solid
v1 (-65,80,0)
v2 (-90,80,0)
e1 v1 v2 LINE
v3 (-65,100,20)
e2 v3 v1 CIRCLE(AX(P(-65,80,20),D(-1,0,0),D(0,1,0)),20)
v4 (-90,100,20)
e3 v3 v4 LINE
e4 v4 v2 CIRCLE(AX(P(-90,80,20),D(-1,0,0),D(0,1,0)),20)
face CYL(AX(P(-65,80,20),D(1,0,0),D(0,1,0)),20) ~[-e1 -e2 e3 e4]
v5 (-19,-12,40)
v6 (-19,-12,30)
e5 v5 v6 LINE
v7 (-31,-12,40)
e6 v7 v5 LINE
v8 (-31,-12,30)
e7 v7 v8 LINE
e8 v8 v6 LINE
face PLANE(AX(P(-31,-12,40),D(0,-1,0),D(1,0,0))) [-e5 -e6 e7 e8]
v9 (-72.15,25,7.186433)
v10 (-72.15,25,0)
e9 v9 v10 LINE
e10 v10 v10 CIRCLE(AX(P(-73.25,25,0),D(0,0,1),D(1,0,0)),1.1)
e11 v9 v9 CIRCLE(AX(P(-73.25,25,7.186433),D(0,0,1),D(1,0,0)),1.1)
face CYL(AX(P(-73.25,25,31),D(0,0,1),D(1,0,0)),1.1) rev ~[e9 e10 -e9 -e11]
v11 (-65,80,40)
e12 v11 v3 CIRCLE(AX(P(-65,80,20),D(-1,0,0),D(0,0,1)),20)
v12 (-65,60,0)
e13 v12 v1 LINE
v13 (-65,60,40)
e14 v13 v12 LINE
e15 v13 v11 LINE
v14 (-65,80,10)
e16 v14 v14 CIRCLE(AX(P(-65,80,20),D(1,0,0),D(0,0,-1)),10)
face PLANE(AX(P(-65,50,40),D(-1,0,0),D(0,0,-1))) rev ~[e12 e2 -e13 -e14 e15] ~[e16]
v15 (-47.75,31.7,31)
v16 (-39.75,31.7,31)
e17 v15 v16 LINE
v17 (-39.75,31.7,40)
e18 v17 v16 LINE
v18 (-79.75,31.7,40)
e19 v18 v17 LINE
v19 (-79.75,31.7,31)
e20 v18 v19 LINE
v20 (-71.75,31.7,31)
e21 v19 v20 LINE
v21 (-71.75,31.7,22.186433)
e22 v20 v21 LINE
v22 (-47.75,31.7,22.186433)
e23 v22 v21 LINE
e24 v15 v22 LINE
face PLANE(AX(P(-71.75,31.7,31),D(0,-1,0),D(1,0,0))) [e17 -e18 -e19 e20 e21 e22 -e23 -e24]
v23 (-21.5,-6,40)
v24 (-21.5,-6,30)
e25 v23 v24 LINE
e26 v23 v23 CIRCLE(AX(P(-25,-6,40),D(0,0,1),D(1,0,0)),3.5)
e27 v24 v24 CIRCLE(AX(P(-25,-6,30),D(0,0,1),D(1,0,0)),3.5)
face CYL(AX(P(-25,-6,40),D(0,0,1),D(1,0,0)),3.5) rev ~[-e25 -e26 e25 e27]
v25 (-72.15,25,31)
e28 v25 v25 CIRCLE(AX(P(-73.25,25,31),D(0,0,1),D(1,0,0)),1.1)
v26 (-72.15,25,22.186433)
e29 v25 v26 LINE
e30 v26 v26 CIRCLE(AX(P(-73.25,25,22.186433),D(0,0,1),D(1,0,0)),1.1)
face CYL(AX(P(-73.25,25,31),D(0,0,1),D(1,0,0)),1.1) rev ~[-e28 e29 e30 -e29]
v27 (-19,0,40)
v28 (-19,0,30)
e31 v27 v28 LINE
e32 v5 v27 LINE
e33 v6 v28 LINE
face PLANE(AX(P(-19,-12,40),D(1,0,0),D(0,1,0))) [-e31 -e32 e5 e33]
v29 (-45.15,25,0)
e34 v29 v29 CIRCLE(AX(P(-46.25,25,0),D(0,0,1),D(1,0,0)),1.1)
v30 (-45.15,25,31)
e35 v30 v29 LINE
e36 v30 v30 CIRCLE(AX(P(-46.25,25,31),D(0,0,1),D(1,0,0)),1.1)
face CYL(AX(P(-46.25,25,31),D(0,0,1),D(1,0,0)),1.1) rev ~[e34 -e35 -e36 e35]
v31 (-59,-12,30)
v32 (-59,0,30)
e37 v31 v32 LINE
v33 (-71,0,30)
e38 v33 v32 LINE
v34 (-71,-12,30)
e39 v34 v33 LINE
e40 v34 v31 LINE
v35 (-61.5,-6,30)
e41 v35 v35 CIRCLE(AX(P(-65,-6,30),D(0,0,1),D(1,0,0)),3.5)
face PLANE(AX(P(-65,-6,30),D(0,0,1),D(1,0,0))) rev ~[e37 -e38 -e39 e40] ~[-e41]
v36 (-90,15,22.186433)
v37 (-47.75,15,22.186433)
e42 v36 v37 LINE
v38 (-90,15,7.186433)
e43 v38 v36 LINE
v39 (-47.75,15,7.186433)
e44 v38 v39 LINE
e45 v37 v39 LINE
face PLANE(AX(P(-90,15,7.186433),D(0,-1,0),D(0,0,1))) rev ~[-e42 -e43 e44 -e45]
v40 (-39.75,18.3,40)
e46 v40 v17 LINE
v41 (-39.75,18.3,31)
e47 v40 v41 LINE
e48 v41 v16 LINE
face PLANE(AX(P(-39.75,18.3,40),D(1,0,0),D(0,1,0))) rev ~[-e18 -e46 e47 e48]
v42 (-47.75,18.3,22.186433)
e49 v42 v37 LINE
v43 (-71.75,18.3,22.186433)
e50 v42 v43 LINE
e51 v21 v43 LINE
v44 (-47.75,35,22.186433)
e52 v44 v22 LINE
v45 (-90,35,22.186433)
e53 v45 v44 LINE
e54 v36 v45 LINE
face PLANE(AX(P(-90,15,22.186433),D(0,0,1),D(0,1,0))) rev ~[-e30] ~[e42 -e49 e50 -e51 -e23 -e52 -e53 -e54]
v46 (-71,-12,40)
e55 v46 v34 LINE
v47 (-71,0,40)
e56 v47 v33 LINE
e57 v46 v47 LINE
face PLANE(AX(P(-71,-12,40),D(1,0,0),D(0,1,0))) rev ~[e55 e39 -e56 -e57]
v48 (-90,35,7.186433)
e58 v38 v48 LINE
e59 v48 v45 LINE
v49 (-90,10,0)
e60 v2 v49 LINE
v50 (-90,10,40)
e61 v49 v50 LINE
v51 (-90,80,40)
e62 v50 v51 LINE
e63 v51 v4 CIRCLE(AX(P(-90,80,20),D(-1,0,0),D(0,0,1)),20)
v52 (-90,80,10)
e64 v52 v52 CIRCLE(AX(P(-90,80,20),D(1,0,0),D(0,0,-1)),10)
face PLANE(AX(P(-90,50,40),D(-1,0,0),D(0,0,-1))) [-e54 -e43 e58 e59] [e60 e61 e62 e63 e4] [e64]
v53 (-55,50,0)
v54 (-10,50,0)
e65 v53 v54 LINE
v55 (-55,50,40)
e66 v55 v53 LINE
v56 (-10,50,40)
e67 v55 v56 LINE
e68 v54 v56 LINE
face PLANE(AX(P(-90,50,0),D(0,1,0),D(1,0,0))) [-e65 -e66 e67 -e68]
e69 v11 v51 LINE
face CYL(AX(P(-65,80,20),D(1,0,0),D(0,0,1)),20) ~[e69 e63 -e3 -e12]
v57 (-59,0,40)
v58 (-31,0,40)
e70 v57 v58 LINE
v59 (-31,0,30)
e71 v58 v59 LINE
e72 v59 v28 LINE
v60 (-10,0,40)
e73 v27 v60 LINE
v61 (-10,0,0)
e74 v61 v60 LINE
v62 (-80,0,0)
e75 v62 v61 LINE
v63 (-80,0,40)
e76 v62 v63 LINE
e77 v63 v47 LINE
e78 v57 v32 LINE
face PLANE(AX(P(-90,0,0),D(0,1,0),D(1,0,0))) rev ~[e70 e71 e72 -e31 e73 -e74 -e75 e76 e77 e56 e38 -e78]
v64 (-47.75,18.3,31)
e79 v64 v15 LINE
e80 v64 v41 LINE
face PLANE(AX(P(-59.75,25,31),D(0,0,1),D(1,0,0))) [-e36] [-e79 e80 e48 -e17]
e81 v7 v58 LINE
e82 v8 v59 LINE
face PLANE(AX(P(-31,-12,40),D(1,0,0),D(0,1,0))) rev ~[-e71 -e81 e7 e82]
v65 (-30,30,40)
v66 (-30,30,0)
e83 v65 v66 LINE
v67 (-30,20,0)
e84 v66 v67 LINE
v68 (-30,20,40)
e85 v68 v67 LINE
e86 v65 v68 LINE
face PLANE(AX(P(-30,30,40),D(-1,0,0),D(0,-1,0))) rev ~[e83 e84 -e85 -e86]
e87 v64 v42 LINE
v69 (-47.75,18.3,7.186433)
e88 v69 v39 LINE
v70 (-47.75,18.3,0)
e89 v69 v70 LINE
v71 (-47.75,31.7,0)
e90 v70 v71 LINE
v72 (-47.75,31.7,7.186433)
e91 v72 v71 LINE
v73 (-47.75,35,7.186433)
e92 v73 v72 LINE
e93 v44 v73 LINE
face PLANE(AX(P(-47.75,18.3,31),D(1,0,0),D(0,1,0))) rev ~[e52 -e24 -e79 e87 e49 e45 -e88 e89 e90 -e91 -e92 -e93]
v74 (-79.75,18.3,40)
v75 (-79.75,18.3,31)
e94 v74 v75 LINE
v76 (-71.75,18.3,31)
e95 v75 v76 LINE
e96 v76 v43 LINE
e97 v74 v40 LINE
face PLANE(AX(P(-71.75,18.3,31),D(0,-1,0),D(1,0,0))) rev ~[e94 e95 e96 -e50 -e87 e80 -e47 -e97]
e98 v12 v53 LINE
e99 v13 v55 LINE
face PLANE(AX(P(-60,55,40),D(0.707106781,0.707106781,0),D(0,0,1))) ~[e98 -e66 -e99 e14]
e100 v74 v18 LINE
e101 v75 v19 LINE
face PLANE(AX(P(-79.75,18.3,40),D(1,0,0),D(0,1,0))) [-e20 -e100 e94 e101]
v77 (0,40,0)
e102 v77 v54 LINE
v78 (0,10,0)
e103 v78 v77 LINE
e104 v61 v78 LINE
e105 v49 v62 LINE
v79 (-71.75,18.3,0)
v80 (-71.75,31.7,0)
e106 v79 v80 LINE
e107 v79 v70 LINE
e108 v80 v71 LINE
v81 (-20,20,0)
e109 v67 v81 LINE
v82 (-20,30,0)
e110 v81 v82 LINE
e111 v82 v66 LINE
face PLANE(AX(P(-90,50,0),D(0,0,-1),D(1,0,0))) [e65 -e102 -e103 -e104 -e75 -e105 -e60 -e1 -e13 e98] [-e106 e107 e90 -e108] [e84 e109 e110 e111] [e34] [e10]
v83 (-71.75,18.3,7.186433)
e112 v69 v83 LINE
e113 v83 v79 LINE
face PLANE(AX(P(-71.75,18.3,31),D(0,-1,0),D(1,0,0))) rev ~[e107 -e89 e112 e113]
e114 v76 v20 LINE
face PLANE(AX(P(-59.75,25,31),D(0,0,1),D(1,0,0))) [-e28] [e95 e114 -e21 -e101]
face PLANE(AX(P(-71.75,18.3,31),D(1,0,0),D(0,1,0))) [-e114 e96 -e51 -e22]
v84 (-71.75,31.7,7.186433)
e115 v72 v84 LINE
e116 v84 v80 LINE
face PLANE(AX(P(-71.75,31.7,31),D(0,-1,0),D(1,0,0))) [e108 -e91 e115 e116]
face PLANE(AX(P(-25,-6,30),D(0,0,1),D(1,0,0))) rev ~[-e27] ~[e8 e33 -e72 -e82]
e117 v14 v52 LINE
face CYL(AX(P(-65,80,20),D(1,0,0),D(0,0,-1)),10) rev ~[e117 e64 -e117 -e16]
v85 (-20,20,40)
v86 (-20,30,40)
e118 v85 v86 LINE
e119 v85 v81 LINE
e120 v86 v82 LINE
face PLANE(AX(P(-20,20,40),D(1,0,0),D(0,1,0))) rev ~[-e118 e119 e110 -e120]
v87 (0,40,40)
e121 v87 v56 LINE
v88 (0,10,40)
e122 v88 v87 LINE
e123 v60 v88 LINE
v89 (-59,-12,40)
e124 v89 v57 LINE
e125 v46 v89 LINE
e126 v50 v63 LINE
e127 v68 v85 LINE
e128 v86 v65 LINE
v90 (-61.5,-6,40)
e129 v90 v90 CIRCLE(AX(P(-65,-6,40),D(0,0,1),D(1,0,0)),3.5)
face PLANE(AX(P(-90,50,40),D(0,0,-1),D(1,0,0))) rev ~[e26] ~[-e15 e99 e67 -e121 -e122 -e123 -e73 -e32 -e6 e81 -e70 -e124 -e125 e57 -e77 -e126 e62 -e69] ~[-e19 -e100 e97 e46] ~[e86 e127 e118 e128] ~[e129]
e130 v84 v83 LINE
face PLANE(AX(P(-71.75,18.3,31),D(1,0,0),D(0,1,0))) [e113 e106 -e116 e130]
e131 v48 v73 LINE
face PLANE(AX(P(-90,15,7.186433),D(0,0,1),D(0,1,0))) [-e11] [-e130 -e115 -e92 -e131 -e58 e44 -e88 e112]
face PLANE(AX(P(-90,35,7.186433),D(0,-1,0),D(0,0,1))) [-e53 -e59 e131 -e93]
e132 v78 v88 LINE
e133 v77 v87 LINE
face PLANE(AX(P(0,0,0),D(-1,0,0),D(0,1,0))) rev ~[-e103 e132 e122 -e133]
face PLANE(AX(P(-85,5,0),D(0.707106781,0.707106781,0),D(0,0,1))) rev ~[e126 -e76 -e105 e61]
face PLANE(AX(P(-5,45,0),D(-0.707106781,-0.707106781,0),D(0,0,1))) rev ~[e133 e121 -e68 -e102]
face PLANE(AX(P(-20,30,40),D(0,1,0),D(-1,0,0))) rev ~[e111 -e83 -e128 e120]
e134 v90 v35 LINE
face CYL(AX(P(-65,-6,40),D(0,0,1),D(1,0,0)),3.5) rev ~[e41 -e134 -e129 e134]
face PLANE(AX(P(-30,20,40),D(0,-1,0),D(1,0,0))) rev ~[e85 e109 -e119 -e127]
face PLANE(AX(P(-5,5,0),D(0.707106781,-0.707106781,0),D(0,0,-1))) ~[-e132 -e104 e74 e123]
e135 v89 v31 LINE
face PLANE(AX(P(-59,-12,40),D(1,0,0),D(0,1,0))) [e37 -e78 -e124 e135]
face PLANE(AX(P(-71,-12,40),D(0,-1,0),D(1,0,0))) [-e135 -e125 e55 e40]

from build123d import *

# Parameters (mm, degrees)
SKETCH1_W           = 90
SKETCH1_H           = 50
BOSS_EXTRUDE1_DEPTH = 40
SKETCH21_R          = 5
CUT_EXTRUDE10_DEPTH = 40
SKETCH22_W          = 40
SKETCH22_H          = 13.4
CUT_EXTRUDE11_DEPTH = 9
SKETCH24_W          = 24
SKETCH24_H          = 13.4
CUT_EXTRUDE12_DEPTH = 31
SKETCH25_R          = 1.1
CUT_EXTRUDE13_DEPTH = 31
SKETCH31_W          = 25
SKETCH31_H          = 40
BOSS_EXTRUDE2_DEPTH = 50
SKETCH32_R          = 10
CUT_EXTRUDE15_DEPTH = 25
CHAMFER1_SIZE       = 10
CUT_EXTRUDE16_REACH = 142.357
SKETCH35_W          = 15
SKETCH35_H          = 20
SKETCH36_W          = 12
SKETCH36_H          = 12
SKETCH36_R          = 3.5
BOSS_EXTRUDE3_DEPTH = 10


with BuildPart() as part:
    # Sketch1 → Boss-Extrude1 (new body)
    with BuildSketch(Plane.XY):
        with Locations((-45, 25)):
            Rectangle(SKETCH1_W, SKETCH1_H)
    extrude(amount=BOSS_EXTRUDE1_DEPTH)

    # Sketch21 → Cut-Extrude10 (cut)
    with BuildSketch(Plane.XY.offset(40)):
        with Locations((-25, 25)):
            Circle(SKETCH21_R)
        with BuildLine():
            Line((-25, 30), (-30, 30))
            Line((-30, 30), (-30, 25))
            ThreePointArc((-30, 25), (-28.535533906, 28.535533906), (-25, 30))
        make_face()
        with BuildLine():
            ThreePointArc((-25, 20), (-28.535533906, 21.464466094), (-30, 25))
            Line((-30, 25), (-30, 20))
            Line((-30, 20), (-25, 20))
        make_face()
        with BuildLine():
            Line((-20, 20), (-20, 25))
            ThreePointArc((-20, 25), (-21.464466094, 21.464466094), (-25, 20))
            Line((-25, 20), (-20, 20))
        make_face()
        with BuildLine():
            Line((-20, 30), (-25, 30))
            ThreePointArc((-25, 30), (-21.464466094, 28.535533906), (-20, 25))
            Line((-20, 25), (-20, 30))
        make_face()
    extrude(amount=-CUT_EXTRUDE10_DEPTH, mode=Mode.SUBTRACT)

    # Sketch22 → Cut-Extrude11 (cut)
    with BuildSketch(Plane.XY.offset(40)):
        with Locations((-59.75, 25)):
            Rectangle(SKETCH22_W, SKETCH22_H)
    extrude(amount=-CUT_EXTRUDE11_DEPTH, mode=Mode.SUBTRACT)

    # Sketch24 → Cut-Extrude12 (cut)
    with BuildSketch(Plane.XY.offset(31)):
        with Locations((-59.75, 25)):
            Rectangle(SKETCH24_W, SKETCH24_H)
    extrude(amount=-CUT_EXTRUDE12_DEPTH, mode=Mode.SUBTRACT)

    # Sketch25 → Cut-Extrude13 (cut)
    with BuildSketch(Plane.XY.offset(31)):
        with Locations((-73.25, 25)):
            Circle(SKETCH25_R)
        with Locations((-46.25, 25)):
            Circle(SKETCH25_R)
    extrude(amount=-CUT_EXTRUDE13_DEPTH, mode=Mode.SUBTRACT)

    # Sketch31 → Boss-Extrude2 (add)
    with BuildSketch(Plane(origin=(0, 50, 0), x_dir=(1, 0, 0), z_dir=(0, 1, 0))):
        with Locations((-77.5, -20)):
            Rectangle(SKETCH31_W, SKETCH31_H)
    extrude(amount=BOSS_EXTRUDE2_DEPTH)

    # Sketch32 → Cut-Extrude15 (cut)
    with BuildSketch(Plane(origin=(-65, 0, 0), x_dir=(0, 0, -1), z_dir=(1, 0, 0))):
        with BuildLine():
            ThreePointArc((-40, 80), (-34.142135624, 94.142135624), (-20, 100))
            Line((-20, 100), (-40, 100))
            Line((-40, 100), (-40, 80))
        make_face()
        with BuildLine():
            ThreePointArc((-20, 100), (-5.857864376, 94.142135624), (0, 80))
            Line((0, 80), (0, 100))
            Line((0, 100), (-20, 100))
        make_face()
        with Locations((-20, 80)):
            Circle(SKETCH32_R)
    extrude(amount=-CUT_EXTRUDE15_DEPTH, mode=Mode.SUBTRACT)

    # Chamfer1
    chamfer1_edges = [part.edges().sort_by_distance(p)[0] for p in [
        (-65, 50, 20),
        (0, 50, 20),
        (0, 0, 20),
        (-90, 0, 20),
    ]]
    chamfer(chamfer1_edges, length=CHAMFER1_SIZE)

    # Cut-Extrude16: up to this face of the body (flat: up to its plane)
    cut_extrude16_end = Plane(part.part.faces().sort_by_distance((-47.75, 25, 15.5))[0])
    # Sketch35 → Cut-Extrude16 (cut, up to the picked face)
    with BuildSketch(Plane.ZY.offset(90), mode=Mode.PRIVATE) as cut_extrude16_sk1:
        with Locations((14.686432503, 25)):
            Rectangle(SKETCH35_W, SKETCH35_H)
    cut_extrude16_tool1 = split(extrude(cut_extrude16_sk1.sketch, amount=-CUT_EXTRUDE16_REACH, mode=Mode.PRIVATE), bisect_by=cut_extrude16_end, keep=Keep.BOTH, mode=Mode.PRIVATE)
    add(cut_extrude16_tool1.solids().sort_by(Axis((-90, 25, 14.686433), (1, 0, 0)))[0], mode=Mode.SUBTRACT)

    # Sketch36 → Boss-Extrude3 (add)
    # profile 1 of 2: a face of its own
    with BuildSketch(Plane.XY.offset(40)):
        with Locations((-65, -6)):
            Rectangle(SKETCH36_W, SKETCH36_H)
        with Locations((-65, -6)):
            Circle(SKETCH36_R, mode=Mode.SUBTRACT)
    # profile 2 of 2: a face of its own
    with BuildSketch(Plane.XY.offset(40)):
        with Locations((-25, -6)):
            Rectangle(SKETCH36_W, SKETCH36_H)
        with Locations((-25, -6)):
            Circle(SKETCH36_R, mode=Mode.SUBTRACT)
    extrude(amount=-BOSS_EXTRUDE3_DEPTH)


solid = part.part
